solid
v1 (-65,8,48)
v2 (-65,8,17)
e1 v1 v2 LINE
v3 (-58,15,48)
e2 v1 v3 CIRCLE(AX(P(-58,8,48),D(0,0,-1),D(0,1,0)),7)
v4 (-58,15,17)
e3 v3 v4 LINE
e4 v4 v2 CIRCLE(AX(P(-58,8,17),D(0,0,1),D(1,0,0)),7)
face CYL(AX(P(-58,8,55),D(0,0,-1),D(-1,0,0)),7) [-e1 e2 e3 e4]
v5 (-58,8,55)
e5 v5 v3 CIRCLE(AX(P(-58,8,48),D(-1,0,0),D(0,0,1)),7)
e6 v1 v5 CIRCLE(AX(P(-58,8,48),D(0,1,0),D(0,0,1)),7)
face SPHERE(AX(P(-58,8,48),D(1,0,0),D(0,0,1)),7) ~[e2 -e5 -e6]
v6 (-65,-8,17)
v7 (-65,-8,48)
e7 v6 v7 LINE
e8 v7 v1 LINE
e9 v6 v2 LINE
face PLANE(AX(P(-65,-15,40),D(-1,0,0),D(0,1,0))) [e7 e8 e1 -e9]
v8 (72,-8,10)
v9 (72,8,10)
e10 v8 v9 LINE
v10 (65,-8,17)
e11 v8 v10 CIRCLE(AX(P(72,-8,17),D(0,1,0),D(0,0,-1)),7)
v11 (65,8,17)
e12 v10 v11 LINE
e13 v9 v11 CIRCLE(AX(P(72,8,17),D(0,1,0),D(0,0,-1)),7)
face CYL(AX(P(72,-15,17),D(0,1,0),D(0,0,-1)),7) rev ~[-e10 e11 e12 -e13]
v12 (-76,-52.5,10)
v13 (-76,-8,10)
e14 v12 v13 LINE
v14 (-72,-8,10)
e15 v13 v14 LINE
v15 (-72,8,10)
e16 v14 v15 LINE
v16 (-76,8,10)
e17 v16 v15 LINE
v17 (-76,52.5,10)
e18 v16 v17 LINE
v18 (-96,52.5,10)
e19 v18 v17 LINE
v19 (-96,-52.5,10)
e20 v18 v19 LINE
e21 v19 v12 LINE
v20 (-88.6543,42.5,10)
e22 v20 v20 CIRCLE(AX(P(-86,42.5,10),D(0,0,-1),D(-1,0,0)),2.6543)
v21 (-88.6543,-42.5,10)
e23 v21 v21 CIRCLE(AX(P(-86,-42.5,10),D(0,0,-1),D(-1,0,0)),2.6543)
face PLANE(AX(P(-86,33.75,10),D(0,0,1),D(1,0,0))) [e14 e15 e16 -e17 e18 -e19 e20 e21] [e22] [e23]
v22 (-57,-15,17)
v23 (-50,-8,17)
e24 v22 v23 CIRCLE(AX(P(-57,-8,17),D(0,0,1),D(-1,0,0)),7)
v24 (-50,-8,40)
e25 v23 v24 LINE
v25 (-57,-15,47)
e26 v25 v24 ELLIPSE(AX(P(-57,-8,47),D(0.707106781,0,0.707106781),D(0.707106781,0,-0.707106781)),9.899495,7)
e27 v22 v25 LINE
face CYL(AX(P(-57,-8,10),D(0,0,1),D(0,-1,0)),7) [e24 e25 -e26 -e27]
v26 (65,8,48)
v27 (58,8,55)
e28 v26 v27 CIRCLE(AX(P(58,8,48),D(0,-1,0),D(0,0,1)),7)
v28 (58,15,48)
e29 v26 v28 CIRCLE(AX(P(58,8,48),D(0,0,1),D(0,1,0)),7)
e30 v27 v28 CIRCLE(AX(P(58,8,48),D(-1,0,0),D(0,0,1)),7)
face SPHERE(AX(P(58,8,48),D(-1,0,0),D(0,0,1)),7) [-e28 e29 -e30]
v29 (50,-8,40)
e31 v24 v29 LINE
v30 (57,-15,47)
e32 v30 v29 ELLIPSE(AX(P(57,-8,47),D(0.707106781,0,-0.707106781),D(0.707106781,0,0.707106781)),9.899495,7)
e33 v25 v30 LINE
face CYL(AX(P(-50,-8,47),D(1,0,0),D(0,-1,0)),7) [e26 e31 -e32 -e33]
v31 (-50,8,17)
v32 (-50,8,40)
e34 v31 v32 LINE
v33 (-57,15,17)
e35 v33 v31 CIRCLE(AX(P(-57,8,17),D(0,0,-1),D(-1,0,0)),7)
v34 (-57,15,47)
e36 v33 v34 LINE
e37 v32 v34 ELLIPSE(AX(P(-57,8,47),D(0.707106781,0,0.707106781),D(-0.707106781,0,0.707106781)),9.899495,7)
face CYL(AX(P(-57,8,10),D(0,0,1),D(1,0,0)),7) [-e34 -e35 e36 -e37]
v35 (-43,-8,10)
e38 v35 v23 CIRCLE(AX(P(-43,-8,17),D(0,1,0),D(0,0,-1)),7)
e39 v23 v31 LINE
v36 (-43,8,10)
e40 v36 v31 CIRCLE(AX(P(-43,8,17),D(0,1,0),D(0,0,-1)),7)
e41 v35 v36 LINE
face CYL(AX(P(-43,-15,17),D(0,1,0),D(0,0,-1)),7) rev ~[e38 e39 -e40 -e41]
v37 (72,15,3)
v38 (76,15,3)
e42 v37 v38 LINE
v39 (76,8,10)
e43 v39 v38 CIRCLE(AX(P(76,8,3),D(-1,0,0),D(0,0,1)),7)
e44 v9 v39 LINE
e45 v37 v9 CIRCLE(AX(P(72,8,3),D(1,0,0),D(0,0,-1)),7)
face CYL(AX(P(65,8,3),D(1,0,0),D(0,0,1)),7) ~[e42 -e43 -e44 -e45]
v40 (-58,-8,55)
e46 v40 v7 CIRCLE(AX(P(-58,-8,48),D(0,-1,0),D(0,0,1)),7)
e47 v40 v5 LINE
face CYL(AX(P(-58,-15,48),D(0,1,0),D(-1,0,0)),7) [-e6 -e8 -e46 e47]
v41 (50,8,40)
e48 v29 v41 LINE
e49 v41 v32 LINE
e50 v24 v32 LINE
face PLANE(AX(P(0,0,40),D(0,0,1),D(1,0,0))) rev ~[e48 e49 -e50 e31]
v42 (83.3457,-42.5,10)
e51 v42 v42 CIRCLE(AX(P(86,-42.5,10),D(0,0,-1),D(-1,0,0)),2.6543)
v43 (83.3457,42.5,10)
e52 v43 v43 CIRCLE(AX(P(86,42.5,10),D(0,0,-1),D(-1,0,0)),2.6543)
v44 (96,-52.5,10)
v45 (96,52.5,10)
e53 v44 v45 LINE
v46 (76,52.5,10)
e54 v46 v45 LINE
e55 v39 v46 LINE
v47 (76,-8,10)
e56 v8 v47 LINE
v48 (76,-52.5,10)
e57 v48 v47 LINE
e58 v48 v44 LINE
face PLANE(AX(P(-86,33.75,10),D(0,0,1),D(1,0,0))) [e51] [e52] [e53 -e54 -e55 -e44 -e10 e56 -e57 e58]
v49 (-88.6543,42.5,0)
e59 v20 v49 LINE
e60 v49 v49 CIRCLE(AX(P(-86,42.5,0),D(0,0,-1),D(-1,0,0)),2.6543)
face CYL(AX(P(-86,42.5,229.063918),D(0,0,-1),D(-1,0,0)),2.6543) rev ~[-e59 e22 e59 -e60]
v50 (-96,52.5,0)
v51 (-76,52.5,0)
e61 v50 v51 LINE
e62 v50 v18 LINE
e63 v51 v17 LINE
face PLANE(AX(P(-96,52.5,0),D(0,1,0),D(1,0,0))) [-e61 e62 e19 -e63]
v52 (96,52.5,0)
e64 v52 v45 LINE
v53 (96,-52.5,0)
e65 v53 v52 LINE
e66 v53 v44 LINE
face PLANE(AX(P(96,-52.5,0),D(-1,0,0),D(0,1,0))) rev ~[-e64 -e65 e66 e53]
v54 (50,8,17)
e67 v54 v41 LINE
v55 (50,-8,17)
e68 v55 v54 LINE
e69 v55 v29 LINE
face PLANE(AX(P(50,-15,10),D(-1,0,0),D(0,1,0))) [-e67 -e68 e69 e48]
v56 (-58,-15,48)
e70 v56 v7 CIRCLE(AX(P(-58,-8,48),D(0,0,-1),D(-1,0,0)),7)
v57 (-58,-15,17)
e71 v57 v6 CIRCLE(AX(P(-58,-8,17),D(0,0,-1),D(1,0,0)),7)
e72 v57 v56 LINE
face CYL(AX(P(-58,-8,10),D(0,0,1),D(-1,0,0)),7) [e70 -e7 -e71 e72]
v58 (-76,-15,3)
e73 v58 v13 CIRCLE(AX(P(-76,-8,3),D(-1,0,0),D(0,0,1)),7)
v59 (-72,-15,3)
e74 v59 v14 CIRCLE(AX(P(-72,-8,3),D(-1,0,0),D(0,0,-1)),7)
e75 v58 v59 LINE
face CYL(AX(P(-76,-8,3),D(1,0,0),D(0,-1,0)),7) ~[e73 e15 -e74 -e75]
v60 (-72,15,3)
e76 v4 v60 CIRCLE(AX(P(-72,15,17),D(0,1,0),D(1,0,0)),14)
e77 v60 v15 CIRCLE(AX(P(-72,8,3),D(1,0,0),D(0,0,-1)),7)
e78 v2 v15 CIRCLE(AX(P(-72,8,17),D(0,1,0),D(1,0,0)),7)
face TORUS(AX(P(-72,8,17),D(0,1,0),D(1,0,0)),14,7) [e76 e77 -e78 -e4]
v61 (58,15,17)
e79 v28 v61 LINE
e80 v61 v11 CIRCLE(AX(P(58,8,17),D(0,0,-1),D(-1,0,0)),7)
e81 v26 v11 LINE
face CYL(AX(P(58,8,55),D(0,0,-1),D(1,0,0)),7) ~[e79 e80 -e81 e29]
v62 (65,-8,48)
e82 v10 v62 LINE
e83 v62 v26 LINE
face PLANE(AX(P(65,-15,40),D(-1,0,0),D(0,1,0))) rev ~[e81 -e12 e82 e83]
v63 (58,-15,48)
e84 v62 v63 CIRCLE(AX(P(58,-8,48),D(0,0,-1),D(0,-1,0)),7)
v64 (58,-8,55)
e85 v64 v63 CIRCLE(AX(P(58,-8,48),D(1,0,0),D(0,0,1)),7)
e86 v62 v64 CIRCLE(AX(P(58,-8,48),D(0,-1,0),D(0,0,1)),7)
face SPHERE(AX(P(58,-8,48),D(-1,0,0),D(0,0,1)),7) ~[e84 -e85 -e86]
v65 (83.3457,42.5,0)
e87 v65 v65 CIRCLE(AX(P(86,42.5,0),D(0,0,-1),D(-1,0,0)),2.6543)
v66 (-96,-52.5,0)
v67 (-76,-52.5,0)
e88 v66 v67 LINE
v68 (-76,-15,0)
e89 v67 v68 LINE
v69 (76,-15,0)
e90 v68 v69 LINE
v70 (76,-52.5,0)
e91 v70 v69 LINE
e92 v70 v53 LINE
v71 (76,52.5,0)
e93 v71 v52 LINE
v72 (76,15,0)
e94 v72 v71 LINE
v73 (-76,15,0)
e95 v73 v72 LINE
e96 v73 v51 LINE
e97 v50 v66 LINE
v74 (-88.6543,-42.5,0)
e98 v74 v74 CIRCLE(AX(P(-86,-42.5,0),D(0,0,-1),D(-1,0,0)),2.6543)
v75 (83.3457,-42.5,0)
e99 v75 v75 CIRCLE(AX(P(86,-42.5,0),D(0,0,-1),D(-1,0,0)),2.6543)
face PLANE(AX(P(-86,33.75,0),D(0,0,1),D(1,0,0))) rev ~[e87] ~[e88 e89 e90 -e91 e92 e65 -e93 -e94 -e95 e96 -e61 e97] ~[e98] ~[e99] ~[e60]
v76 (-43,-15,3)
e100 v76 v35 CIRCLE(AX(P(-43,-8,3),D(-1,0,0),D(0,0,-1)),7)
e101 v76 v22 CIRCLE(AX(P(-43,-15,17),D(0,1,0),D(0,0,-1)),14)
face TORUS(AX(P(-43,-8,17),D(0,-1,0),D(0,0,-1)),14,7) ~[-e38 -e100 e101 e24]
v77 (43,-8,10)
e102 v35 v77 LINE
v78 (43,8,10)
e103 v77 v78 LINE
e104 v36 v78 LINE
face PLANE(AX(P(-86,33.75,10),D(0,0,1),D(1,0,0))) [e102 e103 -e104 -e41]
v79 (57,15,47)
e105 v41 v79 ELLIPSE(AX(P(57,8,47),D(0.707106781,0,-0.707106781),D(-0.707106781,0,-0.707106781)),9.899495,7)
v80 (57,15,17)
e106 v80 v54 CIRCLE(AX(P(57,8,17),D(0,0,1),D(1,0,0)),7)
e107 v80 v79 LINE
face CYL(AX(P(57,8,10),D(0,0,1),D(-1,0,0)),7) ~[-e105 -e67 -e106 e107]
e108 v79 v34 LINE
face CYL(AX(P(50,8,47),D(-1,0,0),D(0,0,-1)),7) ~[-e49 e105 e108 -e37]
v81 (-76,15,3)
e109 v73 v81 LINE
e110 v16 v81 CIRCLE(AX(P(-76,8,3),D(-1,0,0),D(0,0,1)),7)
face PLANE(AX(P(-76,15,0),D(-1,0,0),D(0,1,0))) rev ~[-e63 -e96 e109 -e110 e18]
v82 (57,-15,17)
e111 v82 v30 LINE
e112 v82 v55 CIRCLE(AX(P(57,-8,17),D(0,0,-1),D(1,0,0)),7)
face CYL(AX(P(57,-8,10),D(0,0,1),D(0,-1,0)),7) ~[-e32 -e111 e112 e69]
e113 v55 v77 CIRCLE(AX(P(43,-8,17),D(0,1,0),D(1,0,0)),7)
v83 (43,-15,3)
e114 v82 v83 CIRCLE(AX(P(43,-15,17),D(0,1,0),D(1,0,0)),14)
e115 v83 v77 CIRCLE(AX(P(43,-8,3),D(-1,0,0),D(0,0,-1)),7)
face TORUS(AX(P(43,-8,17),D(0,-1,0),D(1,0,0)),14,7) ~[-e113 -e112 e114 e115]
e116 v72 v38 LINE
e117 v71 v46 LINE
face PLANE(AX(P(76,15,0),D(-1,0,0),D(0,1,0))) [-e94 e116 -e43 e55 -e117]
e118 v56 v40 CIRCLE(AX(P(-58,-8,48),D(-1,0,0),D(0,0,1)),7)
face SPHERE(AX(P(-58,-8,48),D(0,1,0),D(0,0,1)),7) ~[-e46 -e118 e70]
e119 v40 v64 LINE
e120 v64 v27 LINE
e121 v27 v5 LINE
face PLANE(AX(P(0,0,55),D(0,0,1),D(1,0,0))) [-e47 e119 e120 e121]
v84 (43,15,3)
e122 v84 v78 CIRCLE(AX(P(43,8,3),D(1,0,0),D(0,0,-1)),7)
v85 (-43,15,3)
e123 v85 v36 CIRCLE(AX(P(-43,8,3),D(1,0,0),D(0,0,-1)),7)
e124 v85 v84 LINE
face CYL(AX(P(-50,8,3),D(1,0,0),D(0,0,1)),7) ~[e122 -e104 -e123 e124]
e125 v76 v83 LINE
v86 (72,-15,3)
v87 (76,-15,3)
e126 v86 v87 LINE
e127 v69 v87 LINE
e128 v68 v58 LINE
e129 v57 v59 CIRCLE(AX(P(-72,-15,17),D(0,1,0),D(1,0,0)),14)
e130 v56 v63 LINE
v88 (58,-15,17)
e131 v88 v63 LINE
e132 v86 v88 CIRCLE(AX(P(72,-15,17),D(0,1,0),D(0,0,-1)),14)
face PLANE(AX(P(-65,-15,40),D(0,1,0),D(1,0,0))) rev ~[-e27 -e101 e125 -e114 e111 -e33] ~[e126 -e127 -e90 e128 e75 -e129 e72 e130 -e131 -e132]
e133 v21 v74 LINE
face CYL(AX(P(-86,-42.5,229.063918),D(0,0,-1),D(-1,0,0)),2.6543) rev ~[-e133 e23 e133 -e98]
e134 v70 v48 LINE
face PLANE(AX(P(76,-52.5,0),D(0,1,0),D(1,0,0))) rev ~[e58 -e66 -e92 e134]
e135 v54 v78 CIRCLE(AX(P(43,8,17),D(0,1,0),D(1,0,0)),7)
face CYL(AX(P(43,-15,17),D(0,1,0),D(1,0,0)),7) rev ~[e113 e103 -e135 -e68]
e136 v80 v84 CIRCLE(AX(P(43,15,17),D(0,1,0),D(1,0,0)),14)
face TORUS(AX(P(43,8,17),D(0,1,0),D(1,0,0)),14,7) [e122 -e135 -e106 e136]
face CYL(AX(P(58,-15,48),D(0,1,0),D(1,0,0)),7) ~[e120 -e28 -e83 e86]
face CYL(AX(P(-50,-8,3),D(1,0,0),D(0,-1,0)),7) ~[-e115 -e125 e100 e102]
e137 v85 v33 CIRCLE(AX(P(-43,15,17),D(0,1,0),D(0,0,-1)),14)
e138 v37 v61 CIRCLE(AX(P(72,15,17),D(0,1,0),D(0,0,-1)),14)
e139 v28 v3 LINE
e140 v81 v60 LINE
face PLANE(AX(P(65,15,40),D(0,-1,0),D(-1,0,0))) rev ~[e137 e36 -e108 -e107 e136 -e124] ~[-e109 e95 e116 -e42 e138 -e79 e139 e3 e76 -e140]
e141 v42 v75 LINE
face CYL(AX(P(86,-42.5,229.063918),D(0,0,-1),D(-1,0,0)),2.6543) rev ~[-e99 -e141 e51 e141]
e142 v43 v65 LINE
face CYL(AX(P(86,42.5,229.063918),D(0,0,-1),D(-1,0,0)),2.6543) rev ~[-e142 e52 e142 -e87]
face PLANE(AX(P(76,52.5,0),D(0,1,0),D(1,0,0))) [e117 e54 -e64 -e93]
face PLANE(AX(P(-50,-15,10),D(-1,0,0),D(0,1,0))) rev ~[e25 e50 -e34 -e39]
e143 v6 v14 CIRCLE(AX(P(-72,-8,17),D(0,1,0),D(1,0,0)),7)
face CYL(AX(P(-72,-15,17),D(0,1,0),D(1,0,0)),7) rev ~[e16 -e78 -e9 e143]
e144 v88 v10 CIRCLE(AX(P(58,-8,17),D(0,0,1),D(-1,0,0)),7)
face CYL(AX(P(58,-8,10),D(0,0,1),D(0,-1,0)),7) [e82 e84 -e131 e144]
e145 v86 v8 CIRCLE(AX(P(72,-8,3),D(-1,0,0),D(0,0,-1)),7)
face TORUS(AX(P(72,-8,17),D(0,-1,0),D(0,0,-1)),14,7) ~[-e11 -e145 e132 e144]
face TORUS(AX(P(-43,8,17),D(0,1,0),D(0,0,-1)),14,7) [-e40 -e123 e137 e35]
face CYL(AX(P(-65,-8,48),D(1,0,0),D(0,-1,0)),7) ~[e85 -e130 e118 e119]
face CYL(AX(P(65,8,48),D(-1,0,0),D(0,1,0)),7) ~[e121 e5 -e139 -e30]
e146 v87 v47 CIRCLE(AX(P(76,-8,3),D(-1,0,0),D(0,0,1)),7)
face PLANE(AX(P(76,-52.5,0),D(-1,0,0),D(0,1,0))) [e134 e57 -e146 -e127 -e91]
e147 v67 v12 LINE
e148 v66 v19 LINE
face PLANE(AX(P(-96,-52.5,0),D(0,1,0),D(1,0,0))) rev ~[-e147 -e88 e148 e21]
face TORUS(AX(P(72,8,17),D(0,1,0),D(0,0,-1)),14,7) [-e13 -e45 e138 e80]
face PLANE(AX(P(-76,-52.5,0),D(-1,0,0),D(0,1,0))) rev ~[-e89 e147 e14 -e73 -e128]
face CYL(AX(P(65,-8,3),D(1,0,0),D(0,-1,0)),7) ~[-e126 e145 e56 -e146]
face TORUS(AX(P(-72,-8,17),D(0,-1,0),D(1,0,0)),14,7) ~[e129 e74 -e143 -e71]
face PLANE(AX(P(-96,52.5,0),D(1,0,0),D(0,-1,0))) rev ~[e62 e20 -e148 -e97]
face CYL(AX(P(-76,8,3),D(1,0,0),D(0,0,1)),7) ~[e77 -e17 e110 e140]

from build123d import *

# Parameters (mm, degrees)
SKETCH1_W                  = 20
SKETCH1_H                  = 37.5
SKETCH1_W_2                = 192
SKETCH1_H_2                = 30
BOSS_EXTRUDE1_DEPTH        = 10
F_4_0_209_DIAMETER_HOLE1_D = 5.3086
SKETCH6_W                  = 15
SKETCH6_H                  = 30
BOSS_EXTRUDE2_DEPTH        = 30
BOSS_EXTRUDE3_START        = 30
SKETCH6_3_W                = 100
SKETCH6_3_H                = 30
SKETCH6_3_W_2              = 15
BOSS_EXTRUDE3_DEPTH        = 15
FILLET2_R                  = 7


with BuildPart() as part:
    # Sketch1 → Boss-Extrude1 (new body)
    with BuildSketch(Plane.XY):
        with Locations((-86, 33.75)):
            Rectangle(SKETCH1_W, SKETCH1_H)
        Rectangle(SKETCH1_W_2, SKETCH1_H_2)
        with Locations((-86, -33.75)):
            Rectangle(SKETCH1_W, SKETCH1_H)
        with Locations((86, -33.75)):
            Rectangle(SKETCH1_W, SKETCH1_H)
        with Locations((86, 33.75)):
            Rectangle(SKETCH1_W, SKETCH1_H)
    extrude(amount=BOSS_EXTRUDE1_DEPTH)

    # #4 (0.209) Diameter Hole1 (through all)
    with Locations(Plane.XY.offset(10)):
        with Locations((-86, 42.5), (-86, -42.5), (86, -42.5), (86, 42.5)):
            Hole(F_4_0_209_DIAMETER_HOLE1_D / 2)

    # Sketch6 → Boss-Extrude2 (add)
    with BuildSketch(Plane.XY.offset(10)):
        with Locations((-57.5, 0)):
            Rectangle(SKETCH6_W, SKETCH6_H)
        with Locations((57.5, 0)):
            Rectangle(SKETCH6_W, SKETCH6_H)
    extrude(amount=BOSS_EXTRUDE2_DEPTH)

    # Sketch6<3> → Boss-Extrude3 (add)
    with BuildSketch(Plane.XY.offset(10).offset(BOSS_EXTRUDE3_START)):
        Rectangle(SKETCH6_3_W, SKETCH6_3_H)
        with Locations((-57.5, 0)):
            Rectangle(SKETCH6_3_W_2, SKETCH6_3_H)
        with Locations((57.5, 0)):
            Rectangle(SKETCH6_3_W_2, SKETCH6_3_H)
    extrude(amount=BOSS_EXTRUDE3_DEPTH)

    # Fillet2
    fillet2_edges = [part.edges().sort_by_distance(p)[0] for p in [
        (0, 15, 40),
        (0, -15, 40),
        (0, 15, 55),
        (-65, 0, 55),
        (0, -15, 55),
        (65, 0, 55),
        (-70.5, -15, 10),
        (-70.5, 15, 10),
        (0, -15, 10),
        (70.5, -15, 10),
        (0, 15, 10),
        (70.5, 15, 10),
        (-50, 15, 25),
        (-65, 0, 10),
        (-65, 15, 32.5),
        (-65, -15, 32.5),
        (-50, -15, 25),
        (-50, 0, 10),
        (65, -15, 32.5),
        (65, 15, 32.5),
        (50, 0, 10),
        (50, 15, 25),
        (50, -15, 25),
        (65, 0, 10),
    ]]
    fillet(fillet2_edges, radius=FILLET2_R)


solid = part.part
